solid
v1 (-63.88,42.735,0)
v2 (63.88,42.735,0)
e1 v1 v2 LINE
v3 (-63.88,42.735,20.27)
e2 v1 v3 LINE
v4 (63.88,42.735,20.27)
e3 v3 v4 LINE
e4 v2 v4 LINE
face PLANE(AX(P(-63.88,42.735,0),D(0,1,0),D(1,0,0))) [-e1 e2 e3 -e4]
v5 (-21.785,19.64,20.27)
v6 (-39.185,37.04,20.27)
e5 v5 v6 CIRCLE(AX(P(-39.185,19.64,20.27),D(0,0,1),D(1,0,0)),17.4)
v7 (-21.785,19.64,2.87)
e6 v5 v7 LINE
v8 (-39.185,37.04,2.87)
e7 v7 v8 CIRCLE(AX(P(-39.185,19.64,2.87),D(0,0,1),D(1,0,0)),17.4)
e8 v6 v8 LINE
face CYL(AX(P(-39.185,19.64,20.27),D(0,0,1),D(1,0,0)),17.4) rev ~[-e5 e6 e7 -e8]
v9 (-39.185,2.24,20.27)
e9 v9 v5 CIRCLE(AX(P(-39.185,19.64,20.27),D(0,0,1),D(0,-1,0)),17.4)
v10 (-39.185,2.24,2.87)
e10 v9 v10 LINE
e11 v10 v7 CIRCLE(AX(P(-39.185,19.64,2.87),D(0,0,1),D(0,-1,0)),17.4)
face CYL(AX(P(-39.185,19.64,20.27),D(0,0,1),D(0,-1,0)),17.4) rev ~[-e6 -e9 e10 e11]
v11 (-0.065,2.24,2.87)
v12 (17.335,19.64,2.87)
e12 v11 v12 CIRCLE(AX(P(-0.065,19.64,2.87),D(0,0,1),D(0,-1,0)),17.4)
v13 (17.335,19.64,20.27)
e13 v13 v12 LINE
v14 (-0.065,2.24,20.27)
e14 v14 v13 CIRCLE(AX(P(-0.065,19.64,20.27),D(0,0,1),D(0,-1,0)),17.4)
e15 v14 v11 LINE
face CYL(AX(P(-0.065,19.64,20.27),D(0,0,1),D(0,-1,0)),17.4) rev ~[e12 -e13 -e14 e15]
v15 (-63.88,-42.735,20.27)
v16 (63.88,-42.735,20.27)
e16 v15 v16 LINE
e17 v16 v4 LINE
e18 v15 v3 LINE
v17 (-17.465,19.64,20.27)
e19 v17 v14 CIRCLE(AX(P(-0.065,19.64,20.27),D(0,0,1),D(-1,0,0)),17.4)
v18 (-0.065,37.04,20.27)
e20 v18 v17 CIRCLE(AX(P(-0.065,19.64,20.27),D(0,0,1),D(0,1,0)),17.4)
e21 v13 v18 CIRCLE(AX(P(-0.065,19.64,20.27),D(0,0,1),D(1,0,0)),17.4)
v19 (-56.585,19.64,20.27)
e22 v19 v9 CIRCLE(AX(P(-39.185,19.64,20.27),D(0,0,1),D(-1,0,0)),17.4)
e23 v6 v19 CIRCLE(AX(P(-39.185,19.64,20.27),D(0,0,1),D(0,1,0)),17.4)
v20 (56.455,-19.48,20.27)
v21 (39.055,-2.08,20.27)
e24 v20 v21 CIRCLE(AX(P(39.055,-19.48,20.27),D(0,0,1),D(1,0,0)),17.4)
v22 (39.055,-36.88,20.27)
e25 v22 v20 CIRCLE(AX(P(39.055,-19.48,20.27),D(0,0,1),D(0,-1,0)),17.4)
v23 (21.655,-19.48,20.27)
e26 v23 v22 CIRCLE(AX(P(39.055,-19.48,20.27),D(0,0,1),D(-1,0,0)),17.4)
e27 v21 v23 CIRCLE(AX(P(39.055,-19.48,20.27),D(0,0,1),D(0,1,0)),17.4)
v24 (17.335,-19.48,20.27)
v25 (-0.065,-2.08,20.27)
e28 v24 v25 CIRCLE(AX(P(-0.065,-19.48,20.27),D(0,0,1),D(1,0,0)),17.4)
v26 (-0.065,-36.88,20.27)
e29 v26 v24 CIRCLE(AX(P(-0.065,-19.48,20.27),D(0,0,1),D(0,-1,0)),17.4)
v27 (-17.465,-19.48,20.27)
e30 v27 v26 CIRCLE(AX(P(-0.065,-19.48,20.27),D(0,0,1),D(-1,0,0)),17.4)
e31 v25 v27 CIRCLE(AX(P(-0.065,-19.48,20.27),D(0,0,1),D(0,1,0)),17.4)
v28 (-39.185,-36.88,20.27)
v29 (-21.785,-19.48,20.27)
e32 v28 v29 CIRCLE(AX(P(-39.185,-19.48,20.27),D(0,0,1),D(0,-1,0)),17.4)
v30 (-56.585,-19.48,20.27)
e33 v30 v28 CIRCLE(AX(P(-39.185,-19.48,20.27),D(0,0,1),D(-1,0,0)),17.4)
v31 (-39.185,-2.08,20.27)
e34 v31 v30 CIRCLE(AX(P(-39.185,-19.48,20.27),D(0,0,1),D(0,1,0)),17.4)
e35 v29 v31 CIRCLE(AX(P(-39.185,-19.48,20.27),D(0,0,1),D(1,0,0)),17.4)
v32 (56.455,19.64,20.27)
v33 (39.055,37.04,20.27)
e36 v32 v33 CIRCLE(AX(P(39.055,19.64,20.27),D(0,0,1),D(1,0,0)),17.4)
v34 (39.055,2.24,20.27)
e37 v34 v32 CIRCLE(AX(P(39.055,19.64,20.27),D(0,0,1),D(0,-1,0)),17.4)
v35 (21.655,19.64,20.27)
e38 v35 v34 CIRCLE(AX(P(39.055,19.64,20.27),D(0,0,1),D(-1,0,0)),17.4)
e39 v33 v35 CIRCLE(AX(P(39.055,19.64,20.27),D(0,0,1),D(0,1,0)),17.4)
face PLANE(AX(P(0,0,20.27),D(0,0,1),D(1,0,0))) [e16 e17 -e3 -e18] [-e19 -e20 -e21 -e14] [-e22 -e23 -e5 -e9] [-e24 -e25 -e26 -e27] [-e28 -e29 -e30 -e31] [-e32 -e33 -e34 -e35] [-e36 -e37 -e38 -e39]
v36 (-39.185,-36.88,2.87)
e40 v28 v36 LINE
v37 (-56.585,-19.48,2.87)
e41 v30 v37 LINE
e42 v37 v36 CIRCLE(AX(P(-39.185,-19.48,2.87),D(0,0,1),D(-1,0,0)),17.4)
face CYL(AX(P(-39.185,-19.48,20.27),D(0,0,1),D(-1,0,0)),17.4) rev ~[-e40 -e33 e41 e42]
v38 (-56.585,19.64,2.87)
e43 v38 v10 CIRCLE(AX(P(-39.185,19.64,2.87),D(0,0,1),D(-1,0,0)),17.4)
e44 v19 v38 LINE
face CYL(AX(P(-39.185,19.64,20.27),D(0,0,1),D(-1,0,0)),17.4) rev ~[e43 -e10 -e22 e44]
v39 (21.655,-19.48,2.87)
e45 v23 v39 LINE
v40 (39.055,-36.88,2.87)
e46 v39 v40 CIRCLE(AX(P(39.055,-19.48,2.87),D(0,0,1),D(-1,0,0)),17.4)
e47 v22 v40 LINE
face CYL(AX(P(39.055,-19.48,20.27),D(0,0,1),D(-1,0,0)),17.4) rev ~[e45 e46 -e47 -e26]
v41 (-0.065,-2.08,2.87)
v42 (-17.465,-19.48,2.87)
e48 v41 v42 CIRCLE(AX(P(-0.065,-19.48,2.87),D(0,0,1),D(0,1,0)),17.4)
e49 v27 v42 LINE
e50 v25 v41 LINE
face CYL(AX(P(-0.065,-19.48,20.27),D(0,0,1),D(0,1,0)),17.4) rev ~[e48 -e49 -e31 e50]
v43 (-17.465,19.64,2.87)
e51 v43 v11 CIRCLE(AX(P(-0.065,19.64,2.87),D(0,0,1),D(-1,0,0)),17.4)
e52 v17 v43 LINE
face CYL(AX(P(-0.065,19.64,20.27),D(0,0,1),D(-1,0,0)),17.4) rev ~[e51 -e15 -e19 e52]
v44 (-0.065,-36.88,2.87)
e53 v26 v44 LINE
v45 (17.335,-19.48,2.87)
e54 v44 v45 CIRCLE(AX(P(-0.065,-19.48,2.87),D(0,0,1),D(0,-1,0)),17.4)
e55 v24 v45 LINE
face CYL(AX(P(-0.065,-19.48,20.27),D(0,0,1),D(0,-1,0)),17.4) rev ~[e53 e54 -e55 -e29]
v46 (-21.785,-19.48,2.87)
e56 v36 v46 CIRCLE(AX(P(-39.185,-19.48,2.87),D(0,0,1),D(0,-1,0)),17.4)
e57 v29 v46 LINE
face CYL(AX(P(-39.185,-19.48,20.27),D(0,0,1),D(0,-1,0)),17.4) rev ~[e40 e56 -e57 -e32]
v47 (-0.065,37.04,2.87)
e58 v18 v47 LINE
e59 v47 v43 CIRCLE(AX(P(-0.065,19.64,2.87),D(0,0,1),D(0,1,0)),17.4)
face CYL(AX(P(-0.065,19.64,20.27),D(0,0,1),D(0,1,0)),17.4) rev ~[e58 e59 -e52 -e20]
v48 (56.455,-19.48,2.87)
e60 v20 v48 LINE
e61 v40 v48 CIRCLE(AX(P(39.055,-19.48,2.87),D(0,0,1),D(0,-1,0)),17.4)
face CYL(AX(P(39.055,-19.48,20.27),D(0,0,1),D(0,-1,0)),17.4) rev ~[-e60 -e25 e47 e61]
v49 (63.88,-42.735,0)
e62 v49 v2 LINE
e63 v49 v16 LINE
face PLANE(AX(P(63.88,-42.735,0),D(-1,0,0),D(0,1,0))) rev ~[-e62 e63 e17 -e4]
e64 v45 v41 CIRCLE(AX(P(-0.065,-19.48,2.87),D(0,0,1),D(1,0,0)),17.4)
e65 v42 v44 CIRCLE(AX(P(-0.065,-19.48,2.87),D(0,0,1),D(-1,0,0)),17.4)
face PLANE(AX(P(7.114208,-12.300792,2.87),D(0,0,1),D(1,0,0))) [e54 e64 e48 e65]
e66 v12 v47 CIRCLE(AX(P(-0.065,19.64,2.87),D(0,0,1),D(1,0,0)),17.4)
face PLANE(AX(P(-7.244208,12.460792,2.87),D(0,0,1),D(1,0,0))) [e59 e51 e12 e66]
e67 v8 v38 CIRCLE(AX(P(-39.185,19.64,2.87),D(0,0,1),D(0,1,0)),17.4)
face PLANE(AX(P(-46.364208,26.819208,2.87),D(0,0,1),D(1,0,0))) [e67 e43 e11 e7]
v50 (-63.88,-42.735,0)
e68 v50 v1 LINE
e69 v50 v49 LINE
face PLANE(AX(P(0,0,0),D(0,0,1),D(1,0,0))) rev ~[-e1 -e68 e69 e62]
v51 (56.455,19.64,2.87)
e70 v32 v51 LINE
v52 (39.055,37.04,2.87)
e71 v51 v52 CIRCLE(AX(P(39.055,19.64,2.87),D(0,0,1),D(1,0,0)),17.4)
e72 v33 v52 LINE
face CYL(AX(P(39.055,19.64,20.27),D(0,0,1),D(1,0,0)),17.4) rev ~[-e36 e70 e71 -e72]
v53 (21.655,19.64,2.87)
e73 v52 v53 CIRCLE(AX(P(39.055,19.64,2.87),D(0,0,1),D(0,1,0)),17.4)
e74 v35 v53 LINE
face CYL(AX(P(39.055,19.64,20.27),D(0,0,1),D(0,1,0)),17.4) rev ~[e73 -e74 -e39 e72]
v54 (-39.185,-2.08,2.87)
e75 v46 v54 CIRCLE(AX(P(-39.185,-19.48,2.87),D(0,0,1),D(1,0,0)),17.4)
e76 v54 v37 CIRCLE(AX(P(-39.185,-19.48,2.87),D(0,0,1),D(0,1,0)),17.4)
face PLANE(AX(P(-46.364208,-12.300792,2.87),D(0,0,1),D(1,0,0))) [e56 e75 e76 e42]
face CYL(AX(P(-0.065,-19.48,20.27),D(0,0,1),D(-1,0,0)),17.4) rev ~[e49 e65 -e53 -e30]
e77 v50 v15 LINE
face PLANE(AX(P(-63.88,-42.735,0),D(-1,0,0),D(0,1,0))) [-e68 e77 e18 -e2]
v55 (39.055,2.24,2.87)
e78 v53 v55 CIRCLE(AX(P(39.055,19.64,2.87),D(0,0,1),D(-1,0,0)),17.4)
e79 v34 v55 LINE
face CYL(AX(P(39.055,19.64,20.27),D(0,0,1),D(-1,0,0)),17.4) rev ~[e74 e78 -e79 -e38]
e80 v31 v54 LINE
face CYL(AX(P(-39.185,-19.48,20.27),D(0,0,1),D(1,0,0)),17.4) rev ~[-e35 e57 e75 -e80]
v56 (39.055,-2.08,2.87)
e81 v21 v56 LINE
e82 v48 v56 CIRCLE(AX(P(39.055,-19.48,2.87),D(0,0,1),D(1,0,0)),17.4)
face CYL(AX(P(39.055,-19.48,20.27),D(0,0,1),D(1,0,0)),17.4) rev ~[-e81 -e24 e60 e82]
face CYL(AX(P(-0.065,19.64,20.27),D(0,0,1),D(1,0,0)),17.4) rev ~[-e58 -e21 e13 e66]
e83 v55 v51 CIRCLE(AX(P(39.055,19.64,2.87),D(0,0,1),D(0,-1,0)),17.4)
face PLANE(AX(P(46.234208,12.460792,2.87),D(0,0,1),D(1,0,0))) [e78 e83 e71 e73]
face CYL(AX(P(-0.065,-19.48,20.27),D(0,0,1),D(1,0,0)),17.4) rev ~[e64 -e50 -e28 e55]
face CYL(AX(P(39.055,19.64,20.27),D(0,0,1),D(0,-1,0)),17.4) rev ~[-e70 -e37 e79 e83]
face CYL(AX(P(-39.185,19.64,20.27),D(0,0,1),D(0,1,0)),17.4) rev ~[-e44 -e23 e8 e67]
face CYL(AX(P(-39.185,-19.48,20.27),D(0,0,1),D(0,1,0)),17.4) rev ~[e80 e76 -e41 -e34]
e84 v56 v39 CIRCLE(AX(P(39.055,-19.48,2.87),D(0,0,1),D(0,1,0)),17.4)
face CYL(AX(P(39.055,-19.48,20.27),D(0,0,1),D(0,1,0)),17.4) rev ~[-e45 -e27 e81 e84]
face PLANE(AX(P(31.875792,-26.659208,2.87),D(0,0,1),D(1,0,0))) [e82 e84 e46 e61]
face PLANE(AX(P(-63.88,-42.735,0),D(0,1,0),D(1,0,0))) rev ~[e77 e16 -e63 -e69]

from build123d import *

# Parameters (mm, degrees)
F0_W     = 127.76
F0_H     = 85.47
F1_DEPTH = 20.27
F3_DEPTH = 17.4


with BuildPart() as f1:
    # F0 (on Top) → F1 (new body)
    with BuildSketch(Plane.XY):
        Rectangle(F0_W, F0_H)
    extrude(amount=F1_DEPTH)

    # F2 (on face) → F3 (cut)
    with BuildSketch(Plane.XY.offset(20.27)):
        with BuildLine():
            Line((-39.185, 19.64), (-39.185, 37.04))
            ThreePointArc((-39.185, 37.04), (-51.4886579926, 31.9436579926), (-56.585, 19.64))
            Line((-56.585, 19.64), (-39.185, 19.64))
        make_face()
        with BuildLine():
            ThreePointArc((-21.785, 19.64), (-26.8813420074, 31.9436579926), (-39.185, 37.04))
            Line((-39.185, 37.04), (-39.185, 19.64))
            Line((-39.185, 19.64), (-21.785, 19.64))
        make_face()
        with BuildLine():
            Line((-21.785, 19.64), (-39.185, 19.64))
            Line((-39.185, 19.64), (-39.185, 2.24))
            ThreePointArc((-39.185, 2.24), (-26.8813420074, 7.3363420074), (-21.785, 19.64))
        make_face()
        with BuildLine():
            Line((-39.185, 2.24), (-39.185, 19.64))
            Line((-39.185, 19.64), (-56.585, 19.64))
            ThreePointArc((-56.585, 19.64), (-51.4886579926, 7.3363420074), (-39.185, 2.24))
        make_face()
        with BuildLine():
            ThreePointArc((-39.185, -2.08), (-51.4886579926, -7.1763420074), (-56.585, -19.48))
            Line((-56.585, -19.48), (-39.185, -19.48))
            Line((-39.185, -19.48), (-39.185, -2.08))
        make_face()
        with BuildLine():
            ThreePointArc((-21.785, -19.48), (-26.8813420074, -7.1763420074), (-39.185, -2.08))
            Line((-39.185, -2.08), (-39.185, -19.48))
            Line((-39.185, -19.48), (-21.785, -19.48))
        make_face()
        with BuildLine():
            Line((-39.185, -19.48), (-56.585, -19.48))
            ThreePointArc((-56.585, -19.48), (-51.4886579926, -31.7836579926), (-39.185, -36.88))
            Line((-39.185, -36.88), (-39.185, -19.48))
        make_face()
        with BuildLine():
            Line((-39.185, -19.48), (-39.185, -36.88))
            ThreePointArc((-39.185, -36.88), (-26.8813420074, -31.7836579926), (-21.785, -19.48))
            Line((-21.785, -19.48), (-39.185, -19.48))
        make_face()
        with BuildLine():
            Line((-0.065, 2.24), (-0.065, 19.64))
            Line((-0.065, 19.64), (-17.465, 19.64))
            ThreePointArc((-17.465, 19.64), (-12.3686579926, 7.3363420074), (-0.065, 2.24))
        make_face()
        with BuildLine():
            Line((-0.065, 19.64), (-0.065, 37.04))
            ThreePointArc((-0.065, 37.04), (-12.3686579926, 31.9436579926), (-17.465, 19.64))
            Line((-17.465, 19.64), (-0.065, 19.64))
        make_face()
        with BuildLine():
            ThreePointArc((17.335, 19.64), (12.2386579926, 31.9436579926), (-0.065, 37.04))
            Line((-0.065, 37.04), (-0.065, 19.64))
            Line((-0.065, 19.64), (17.335, 19.64))
        make_face()
        with BuildLine():
            Line((17.335, 19.64), (-0.065, 19.64))
            Line((-0.065, 19.64), (-0.065, 2.24))
            ThreePointArc((-0.065, 2.24), (12.2386579926, 7.3363420074), (17.335, 19.64))
        make_face()
        with BuildLine():
            ThreePointArc((17.335, -19.48), (12.2386579926, -7.1763420074), (-0.065, -2.08))
            Line((-0.065, -2.08), (-0.065, -19.48))
            Line((-0.065, -19.48), (17.335, -19.48))
        make_face()
        with BuildLine():
            Line((-0.065, -19.48), (-0.065, -2.08))
            ThreePointArc((-0.065, -2.08), (-12.3686579926, -7.1763420074), (-17.465, -19.48))
            Line((-17.465, -19.48), (-0.065, -19.48))
        make_face()
        with BuildLine():
            ThreePointArc((-17.465, -19.48), (-12.3686579926, -31.7836579926), (-0.065, -36.88))
            Line((-0.065, -36.88), (-0.065, -19.48))
            Line((-0.065, -19.48), (-17.465, -19.48))
        make_face()
        with BuildLine():
            Line((-0.065, -19.48), (-0.065, -36.88))
            ThreePointArc((-0.065, -36.88), (12.2386579926, -31.7836579926), (17.335, -19.48))
            Line((17.335, -19.48), (-0.065, -19.48))
        make_face()
        with BuildLine():
            Line((39.055, -36.88), (39.055, -19.48))
            Line((39.055, -19.48), (21.655, -19.48))
            ThreePointArc((21.655, -19.48), (26.7513420074, -31.7836579926), (39.055, -36.88))
        make_face()
        with BuildLine():
            Line((21.655, -19.48), (39.055, -19.48))
            Line((39.055, -19.48), (39.055, -2.08))
            ThreePointArc((39.055, -2.08), (26.7513420074, -7.1763420074), (21.655, -19.48))
        make_face()
        with BuildLine():
            Line((39.055, -19.48), (56.455, -19.48))
            ThreePointArc((56.455, -19.48), (51.3586579926, -7.1763420074), (39.055, -2.08))
            Line((39.055, -2.08), (39.055, -19.48))
        make_face()
        with BuildLine():
            ThreePointArc((39.055, -36.88), (51.3586579926, -31.7836579926), (56.455, -19.48))
            Line((56.455, -19.48), (39.055, -19.48))
            Line((39.055, -19.48), (39.055, -36.88))
        make_face()
        with BuildLine():
            ThreePointArc((39.055, 2.24), (51.3586579926, 7.3363420074), (56.455, 19.64))
            Line((56.455, 19.64), (39.055, 19.64))
            Line((39.055, 19.64), (39.055, 2.24))
        make_face()
        with BuildLine():
            Line((39.055, 19.64), (39.055, 37.04))
            ThreePointArc((39.055, 37.04), (26.7513420074, 31.9436579926), (21.655, 19.64))
            Line((21.655, 19.64), (39.055, 19.64))
        make_face()
        with BuildLine():
            ThreePointArc((56.455, 19.64), (51.3586579926, 31.9436579926), (39.055, 37.04))
            Line((39.055, 37.04), (39.055, 19.64))
            Line((39.055, 19.64), (56.455, 19.64))
        make_face()
        with BuildLine():
            Line((39.055, 2.24), (39.055, 19.64))
            Line((39.055, 19.64), (21.655, 19.64))
            ThreePointArc((21.655, 19.64), (26.7513420074, 7.3363420074), (39.055, 2.24))
        make_face()
    extrude(amount=-F3_DEPTH, mode=Mode.SUBTRACT)


solid = f1.part
